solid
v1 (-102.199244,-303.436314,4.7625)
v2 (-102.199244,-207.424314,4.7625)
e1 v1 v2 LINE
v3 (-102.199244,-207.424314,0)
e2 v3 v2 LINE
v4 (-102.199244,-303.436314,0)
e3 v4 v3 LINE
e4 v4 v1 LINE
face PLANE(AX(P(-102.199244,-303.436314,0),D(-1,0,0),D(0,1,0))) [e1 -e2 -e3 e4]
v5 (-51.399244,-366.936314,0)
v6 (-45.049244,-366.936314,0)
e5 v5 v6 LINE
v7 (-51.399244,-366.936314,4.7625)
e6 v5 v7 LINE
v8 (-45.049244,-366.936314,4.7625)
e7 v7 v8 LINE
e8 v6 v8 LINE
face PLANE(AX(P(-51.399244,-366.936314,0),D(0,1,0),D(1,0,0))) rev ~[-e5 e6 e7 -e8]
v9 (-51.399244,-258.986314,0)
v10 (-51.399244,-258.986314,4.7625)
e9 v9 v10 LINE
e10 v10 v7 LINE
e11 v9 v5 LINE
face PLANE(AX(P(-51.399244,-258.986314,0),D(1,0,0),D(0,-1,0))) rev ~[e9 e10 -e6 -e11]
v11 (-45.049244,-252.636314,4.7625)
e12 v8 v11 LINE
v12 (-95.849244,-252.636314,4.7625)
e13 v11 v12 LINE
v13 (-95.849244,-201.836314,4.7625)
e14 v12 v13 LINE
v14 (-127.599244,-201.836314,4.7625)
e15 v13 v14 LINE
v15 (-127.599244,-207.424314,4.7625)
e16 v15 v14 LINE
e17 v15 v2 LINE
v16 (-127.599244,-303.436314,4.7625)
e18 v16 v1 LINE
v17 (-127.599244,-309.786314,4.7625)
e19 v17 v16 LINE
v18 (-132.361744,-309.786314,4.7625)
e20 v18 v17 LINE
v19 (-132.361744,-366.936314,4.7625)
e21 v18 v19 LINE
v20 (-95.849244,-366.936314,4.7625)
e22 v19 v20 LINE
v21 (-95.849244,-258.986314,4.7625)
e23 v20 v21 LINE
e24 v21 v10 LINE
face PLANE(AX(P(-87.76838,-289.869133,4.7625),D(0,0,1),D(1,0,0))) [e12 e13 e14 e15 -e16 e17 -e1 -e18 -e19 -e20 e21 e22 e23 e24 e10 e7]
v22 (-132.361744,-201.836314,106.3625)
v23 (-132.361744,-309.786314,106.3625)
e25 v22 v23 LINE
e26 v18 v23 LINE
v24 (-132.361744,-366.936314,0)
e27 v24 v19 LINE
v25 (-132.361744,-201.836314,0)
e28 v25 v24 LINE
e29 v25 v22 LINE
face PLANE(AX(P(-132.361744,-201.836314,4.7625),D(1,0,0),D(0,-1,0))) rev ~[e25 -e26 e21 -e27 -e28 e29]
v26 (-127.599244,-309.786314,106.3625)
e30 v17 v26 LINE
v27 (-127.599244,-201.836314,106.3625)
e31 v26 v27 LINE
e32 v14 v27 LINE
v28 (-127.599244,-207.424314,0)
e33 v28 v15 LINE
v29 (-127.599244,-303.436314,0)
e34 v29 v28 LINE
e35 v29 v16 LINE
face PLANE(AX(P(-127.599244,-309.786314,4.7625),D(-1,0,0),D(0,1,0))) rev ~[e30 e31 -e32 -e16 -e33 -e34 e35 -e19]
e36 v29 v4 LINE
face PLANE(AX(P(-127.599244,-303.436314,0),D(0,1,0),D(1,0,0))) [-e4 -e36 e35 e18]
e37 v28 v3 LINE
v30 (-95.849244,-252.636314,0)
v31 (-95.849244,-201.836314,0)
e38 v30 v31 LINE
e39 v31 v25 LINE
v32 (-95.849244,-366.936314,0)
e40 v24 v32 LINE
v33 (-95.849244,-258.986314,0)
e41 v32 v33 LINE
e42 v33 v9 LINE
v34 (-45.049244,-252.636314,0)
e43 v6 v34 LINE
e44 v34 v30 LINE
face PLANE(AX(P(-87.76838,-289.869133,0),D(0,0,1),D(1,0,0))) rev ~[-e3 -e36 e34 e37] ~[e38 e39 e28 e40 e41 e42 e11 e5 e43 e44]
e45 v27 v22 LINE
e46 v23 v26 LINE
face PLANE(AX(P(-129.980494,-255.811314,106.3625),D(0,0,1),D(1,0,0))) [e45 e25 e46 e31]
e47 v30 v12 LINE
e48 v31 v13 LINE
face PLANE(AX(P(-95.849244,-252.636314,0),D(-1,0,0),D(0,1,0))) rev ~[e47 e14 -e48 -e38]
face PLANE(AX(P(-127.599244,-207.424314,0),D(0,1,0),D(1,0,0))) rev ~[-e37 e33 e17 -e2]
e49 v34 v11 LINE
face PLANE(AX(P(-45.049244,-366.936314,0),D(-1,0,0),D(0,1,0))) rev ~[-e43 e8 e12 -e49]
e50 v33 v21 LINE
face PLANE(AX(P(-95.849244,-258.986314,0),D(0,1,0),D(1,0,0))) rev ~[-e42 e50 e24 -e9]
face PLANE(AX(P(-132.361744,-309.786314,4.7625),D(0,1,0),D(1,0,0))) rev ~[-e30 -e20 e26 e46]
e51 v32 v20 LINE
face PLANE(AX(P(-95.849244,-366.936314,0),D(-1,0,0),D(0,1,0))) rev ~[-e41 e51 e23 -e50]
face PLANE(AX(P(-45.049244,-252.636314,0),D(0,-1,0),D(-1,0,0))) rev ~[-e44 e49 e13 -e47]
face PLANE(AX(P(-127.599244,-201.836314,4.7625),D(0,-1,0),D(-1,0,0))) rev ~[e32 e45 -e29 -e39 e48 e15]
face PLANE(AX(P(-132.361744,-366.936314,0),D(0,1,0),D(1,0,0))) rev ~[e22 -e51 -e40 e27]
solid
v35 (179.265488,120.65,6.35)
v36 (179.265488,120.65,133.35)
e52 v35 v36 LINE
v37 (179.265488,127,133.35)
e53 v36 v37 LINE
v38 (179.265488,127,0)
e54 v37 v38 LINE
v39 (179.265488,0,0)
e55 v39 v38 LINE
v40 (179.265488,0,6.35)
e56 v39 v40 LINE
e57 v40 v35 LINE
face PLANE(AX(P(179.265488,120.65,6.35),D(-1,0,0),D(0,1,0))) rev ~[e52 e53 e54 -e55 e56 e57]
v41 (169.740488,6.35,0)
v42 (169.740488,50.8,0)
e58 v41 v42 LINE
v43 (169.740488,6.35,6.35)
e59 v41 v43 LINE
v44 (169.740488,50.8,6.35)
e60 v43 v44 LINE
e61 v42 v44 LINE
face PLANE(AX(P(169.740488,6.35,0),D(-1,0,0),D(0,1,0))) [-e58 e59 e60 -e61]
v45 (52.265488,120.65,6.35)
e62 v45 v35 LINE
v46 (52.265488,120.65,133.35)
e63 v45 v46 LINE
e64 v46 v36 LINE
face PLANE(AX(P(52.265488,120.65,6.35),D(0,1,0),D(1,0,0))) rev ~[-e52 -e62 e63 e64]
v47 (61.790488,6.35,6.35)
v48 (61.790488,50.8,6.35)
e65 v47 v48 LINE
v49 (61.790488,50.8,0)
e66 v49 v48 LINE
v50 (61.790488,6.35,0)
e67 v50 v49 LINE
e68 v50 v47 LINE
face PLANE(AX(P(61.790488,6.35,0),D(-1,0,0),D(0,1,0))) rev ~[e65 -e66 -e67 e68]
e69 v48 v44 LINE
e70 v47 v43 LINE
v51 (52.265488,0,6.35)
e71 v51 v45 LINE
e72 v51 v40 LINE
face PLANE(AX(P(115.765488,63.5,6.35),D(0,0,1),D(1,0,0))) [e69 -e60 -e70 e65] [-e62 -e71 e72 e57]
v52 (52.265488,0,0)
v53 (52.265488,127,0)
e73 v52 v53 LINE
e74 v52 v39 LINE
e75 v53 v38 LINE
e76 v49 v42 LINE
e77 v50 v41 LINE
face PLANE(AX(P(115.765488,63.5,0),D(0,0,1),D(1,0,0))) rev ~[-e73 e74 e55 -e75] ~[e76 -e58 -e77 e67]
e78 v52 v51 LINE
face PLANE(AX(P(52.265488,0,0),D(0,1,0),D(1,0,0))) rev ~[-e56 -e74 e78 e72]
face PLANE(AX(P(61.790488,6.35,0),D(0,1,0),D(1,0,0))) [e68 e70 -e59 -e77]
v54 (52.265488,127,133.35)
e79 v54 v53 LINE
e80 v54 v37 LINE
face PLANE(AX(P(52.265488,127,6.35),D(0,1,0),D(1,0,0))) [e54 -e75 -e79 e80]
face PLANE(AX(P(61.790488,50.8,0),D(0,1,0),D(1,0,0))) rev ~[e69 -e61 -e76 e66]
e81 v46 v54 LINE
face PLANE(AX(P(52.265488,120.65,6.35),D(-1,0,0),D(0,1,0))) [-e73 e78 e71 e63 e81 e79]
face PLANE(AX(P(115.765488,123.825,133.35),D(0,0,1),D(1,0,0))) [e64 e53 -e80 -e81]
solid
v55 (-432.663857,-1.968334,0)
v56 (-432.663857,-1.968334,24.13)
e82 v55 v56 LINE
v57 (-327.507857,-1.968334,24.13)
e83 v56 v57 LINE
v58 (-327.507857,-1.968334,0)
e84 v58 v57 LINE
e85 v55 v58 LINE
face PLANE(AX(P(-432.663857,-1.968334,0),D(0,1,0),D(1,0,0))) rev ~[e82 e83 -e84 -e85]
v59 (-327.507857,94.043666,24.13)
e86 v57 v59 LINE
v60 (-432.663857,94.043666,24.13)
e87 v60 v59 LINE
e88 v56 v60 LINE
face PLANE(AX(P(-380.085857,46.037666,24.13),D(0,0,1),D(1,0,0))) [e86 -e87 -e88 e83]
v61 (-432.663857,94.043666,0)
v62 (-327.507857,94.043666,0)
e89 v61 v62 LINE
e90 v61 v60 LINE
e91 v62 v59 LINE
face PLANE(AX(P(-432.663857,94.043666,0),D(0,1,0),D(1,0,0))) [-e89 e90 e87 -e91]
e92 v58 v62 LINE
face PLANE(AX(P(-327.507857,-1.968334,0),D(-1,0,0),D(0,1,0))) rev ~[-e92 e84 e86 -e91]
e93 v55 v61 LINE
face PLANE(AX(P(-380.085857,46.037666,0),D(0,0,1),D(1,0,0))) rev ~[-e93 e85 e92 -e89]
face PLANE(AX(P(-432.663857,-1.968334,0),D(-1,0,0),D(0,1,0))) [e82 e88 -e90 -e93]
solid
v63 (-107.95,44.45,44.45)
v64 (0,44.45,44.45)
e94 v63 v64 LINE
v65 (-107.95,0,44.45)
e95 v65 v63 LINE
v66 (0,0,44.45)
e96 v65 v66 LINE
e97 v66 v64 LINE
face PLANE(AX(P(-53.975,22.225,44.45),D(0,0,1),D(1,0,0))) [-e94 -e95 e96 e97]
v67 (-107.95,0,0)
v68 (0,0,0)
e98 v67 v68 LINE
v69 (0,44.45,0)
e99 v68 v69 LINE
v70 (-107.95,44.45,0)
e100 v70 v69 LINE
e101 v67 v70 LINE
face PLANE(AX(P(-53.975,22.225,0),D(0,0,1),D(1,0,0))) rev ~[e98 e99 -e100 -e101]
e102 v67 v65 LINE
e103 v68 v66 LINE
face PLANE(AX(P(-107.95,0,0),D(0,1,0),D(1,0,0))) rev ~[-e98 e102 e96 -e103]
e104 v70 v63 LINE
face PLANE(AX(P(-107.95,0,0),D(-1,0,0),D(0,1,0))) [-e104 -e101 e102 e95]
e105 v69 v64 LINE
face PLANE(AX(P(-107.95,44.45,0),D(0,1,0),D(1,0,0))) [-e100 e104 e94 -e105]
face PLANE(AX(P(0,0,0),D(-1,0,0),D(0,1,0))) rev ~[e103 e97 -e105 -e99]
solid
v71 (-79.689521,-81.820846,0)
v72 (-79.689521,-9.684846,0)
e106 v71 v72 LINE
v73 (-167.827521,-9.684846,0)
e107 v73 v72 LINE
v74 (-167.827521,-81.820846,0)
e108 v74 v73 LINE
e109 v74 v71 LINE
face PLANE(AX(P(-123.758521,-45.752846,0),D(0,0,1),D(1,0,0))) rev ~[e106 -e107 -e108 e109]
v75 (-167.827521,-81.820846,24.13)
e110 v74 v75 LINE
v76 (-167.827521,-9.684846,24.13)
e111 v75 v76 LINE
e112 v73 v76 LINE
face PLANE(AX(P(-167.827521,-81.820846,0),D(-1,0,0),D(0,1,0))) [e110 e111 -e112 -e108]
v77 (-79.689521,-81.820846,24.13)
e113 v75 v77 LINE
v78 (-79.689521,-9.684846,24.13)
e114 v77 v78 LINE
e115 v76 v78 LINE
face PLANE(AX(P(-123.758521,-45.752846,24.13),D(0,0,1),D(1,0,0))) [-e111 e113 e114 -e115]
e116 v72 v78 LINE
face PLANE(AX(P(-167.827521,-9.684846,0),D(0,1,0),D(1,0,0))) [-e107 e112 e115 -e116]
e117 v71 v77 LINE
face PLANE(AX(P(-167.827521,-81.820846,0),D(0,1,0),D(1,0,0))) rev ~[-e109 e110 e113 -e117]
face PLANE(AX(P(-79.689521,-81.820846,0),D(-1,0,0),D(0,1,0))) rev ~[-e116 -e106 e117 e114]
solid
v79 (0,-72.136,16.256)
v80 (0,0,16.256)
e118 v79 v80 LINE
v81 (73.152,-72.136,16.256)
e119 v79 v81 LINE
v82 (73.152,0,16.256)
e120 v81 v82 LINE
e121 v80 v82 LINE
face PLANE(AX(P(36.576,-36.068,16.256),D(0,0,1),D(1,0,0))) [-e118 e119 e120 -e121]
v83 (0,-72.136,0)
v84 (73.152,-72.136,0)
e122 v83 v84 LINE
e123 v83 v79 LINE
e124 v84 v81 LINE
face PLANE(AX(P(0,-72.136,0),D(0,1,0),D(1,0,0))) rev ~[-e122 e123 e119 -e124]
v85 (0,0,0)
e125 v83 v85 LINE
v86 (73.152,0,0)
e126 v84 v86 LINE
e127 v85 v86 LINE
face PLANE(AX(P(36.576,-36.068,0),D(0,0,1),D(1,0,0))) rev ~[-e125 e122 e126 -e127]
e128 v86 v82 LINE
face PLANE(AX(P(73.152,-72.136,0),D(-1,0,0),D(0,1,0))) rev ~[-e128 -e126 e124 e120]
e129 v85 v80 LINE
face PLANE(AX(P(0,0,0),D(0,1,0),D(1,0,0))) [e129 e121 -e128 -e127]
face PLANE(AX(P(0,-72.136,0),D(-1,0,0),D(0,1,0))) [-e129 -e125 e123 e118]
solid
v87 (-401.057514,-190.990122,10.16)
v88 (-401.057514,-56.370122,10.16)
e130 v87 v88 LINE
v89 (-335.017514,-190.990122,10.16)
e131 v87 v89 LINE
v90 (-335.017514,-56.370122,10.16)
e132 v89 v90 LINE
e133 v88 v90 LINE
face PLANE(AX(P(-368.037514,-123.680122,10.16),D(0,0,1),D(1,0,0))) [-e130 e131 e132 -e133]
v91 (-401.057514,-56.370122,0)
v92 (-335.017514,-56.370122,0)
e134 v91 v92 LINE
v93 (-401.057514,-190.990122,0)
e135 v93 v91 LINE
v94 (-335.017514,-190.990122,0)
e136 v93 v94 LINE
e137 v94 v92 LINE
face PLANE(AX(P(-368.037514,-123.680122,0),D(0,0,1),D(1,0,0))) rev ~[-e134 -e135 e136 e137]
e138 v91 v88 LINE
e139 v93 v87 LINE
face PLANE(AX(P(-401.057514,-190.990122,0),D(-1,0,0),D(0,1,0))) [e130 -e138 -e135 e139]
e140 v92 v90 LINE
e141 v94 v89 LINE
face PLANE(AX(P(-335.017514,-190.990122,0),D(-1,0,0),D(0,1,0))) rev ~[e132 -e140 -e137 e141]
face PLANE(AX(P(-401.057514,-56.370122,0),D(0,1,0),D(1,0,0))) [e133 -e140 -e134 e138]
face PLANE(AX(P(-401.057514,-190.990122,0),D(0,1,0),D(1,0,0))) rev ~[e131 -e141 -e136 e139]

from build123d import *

# Parameters (mm, degrees)
F0_W      = 107.95
F0_H      = 44.45
F1_DEPTH  = 44.45
F2_W      = 73.152
F2_H      = 72.136
F3_DEPTH  = 16.256
F4_W      = 88.138
F4_H      = 72.136
F5_DEPTH  = 24.13
F6_W      = 105.156
F6_H      = 96.012
F7_DEPTH  = 24.13
F8_W      = 66.04
F8_H      = 134.62
F9_DEPTH  = 10.16
F10_W     = 127
F10_H     = 127
F10_W_2   = 107.95
F10_H_2   = 44.45
F11_DEPTH = 6.35
F12_W     = 127
F12_H     = 6.35
F13_DEPTH = 127
F14_W     = 25.4
F14_H     = 96.012
F15_DEPTH = 4.7625
F17_DEPTH = 101.6


with BuildPart() as f1:
    # F0 (on Top) → F1 (new body)
    with BuildSketch(Plane.XY):
        with Locations((-53.975, 22.225)):
            Rectangle(F0_W, F0_H)
    extrude(amount=F1_DEPTH)


with BuildPart() as f3:
    # F2 (on Top) → F3 (new body)
    with BuildSketch(Plane.XY):
        with Locations((36.576, -36.068)):
            Rectangle(F2_W, F2_H)
    extrude(amount=F3_DEPTH)


with BuildPart() as f5:
    # F4 (on Top) → F5 (new body)
    with BuildSketch(Plane.XY):
        with Locations((-123.758520931, -45.7528464716)):
            Rectangle(F4_W, F4_H)
    extrude(amount=F5_DEPTH)


with BuildPart() as f7:
    # F6 (on Top) → F7 (new body)
    with BuildSketch(Plane.XY):
        with Locations((-380.0858573324, 46.0376664996)):
            Rectangle(F6_W, F6_H)
    extrude(amount=F7_DEPTH)


with BuildPart() as f9:
    # F8 (on Top) → F9 (new body)
    with BuildSketch(Plane.XY):
        with Locations((-368.0375140121, -123.6801221967)):
            Rectangle(F8_W, F8_H)
    extrude(amount=F9_DEPTH)


with BuildPart() as f11:
    # F10 (on Top) → F11 (new body)
    with BuildSketch(Plane.XY):
        with Locations((115.7654884709, 63.5)):
            Rectangle(F10_W, F10_H)
        with Locations((115.7654884709, 28.575)):
            Rectangle(F10_W_2, F10_H_2, mode=Mode.SUBTRACT)
    extrude(amount=F11_DEPTH)

    # F12 (on face) → F13 (join)
    with BuildSketch(Plane.XY.offset(6.35)):
        with Locations((115.7654884709, 123.825)):
            Rectangle(F12_W, F12_H)
    extrude(amount=F13_DEPTH)


with BuildPart() as f15:
    # F14 (on Top) → F15 (new body)
    with BuildSketch(Plane.XY):
        Polygon((-95.8492443254, -201.8363135548), (-132.3617443254, -201.8363135548), (-132.3617443254, -366.9363135548), (-95.8492443254, -366.9363135548), (-95.8492443254, -258.9863135548), (-51.3992443254, -258.9863135548), (-51.3992443254, -366.9363135548), (-45.0492443254, -366.9363135548), (-45.0492443254, -252.6363135548), (-95.8492443254, -252.6363135548), align=None)
        with Locations((-114.8992443254, -255.4303135548)):
            Rectangle(F14_W, F14_H, mode=Mode.SUBTRACT)
    extrude(amount=F15_DEPTH)

    # F16 (on face) → F17 (join)
    with BuildSketch(Plane.XY.offset(4.7625)):
        Polygon((-127.5992443254, -201.8363135548), (-132.3617443254, -201.8363135548), (-132.3617443254, -309.7863135548), (-127.5992443254, -309.7863135548), (-127.5992443254, -303.4363135548), (-127.5992443254, -207.4243135548), align=None)
    extrude(amount=F17_DEPTH)


solid = Compound([f1.part, f3.part, f5.part, f7.part, f9.part, f11.part, f15.part])
